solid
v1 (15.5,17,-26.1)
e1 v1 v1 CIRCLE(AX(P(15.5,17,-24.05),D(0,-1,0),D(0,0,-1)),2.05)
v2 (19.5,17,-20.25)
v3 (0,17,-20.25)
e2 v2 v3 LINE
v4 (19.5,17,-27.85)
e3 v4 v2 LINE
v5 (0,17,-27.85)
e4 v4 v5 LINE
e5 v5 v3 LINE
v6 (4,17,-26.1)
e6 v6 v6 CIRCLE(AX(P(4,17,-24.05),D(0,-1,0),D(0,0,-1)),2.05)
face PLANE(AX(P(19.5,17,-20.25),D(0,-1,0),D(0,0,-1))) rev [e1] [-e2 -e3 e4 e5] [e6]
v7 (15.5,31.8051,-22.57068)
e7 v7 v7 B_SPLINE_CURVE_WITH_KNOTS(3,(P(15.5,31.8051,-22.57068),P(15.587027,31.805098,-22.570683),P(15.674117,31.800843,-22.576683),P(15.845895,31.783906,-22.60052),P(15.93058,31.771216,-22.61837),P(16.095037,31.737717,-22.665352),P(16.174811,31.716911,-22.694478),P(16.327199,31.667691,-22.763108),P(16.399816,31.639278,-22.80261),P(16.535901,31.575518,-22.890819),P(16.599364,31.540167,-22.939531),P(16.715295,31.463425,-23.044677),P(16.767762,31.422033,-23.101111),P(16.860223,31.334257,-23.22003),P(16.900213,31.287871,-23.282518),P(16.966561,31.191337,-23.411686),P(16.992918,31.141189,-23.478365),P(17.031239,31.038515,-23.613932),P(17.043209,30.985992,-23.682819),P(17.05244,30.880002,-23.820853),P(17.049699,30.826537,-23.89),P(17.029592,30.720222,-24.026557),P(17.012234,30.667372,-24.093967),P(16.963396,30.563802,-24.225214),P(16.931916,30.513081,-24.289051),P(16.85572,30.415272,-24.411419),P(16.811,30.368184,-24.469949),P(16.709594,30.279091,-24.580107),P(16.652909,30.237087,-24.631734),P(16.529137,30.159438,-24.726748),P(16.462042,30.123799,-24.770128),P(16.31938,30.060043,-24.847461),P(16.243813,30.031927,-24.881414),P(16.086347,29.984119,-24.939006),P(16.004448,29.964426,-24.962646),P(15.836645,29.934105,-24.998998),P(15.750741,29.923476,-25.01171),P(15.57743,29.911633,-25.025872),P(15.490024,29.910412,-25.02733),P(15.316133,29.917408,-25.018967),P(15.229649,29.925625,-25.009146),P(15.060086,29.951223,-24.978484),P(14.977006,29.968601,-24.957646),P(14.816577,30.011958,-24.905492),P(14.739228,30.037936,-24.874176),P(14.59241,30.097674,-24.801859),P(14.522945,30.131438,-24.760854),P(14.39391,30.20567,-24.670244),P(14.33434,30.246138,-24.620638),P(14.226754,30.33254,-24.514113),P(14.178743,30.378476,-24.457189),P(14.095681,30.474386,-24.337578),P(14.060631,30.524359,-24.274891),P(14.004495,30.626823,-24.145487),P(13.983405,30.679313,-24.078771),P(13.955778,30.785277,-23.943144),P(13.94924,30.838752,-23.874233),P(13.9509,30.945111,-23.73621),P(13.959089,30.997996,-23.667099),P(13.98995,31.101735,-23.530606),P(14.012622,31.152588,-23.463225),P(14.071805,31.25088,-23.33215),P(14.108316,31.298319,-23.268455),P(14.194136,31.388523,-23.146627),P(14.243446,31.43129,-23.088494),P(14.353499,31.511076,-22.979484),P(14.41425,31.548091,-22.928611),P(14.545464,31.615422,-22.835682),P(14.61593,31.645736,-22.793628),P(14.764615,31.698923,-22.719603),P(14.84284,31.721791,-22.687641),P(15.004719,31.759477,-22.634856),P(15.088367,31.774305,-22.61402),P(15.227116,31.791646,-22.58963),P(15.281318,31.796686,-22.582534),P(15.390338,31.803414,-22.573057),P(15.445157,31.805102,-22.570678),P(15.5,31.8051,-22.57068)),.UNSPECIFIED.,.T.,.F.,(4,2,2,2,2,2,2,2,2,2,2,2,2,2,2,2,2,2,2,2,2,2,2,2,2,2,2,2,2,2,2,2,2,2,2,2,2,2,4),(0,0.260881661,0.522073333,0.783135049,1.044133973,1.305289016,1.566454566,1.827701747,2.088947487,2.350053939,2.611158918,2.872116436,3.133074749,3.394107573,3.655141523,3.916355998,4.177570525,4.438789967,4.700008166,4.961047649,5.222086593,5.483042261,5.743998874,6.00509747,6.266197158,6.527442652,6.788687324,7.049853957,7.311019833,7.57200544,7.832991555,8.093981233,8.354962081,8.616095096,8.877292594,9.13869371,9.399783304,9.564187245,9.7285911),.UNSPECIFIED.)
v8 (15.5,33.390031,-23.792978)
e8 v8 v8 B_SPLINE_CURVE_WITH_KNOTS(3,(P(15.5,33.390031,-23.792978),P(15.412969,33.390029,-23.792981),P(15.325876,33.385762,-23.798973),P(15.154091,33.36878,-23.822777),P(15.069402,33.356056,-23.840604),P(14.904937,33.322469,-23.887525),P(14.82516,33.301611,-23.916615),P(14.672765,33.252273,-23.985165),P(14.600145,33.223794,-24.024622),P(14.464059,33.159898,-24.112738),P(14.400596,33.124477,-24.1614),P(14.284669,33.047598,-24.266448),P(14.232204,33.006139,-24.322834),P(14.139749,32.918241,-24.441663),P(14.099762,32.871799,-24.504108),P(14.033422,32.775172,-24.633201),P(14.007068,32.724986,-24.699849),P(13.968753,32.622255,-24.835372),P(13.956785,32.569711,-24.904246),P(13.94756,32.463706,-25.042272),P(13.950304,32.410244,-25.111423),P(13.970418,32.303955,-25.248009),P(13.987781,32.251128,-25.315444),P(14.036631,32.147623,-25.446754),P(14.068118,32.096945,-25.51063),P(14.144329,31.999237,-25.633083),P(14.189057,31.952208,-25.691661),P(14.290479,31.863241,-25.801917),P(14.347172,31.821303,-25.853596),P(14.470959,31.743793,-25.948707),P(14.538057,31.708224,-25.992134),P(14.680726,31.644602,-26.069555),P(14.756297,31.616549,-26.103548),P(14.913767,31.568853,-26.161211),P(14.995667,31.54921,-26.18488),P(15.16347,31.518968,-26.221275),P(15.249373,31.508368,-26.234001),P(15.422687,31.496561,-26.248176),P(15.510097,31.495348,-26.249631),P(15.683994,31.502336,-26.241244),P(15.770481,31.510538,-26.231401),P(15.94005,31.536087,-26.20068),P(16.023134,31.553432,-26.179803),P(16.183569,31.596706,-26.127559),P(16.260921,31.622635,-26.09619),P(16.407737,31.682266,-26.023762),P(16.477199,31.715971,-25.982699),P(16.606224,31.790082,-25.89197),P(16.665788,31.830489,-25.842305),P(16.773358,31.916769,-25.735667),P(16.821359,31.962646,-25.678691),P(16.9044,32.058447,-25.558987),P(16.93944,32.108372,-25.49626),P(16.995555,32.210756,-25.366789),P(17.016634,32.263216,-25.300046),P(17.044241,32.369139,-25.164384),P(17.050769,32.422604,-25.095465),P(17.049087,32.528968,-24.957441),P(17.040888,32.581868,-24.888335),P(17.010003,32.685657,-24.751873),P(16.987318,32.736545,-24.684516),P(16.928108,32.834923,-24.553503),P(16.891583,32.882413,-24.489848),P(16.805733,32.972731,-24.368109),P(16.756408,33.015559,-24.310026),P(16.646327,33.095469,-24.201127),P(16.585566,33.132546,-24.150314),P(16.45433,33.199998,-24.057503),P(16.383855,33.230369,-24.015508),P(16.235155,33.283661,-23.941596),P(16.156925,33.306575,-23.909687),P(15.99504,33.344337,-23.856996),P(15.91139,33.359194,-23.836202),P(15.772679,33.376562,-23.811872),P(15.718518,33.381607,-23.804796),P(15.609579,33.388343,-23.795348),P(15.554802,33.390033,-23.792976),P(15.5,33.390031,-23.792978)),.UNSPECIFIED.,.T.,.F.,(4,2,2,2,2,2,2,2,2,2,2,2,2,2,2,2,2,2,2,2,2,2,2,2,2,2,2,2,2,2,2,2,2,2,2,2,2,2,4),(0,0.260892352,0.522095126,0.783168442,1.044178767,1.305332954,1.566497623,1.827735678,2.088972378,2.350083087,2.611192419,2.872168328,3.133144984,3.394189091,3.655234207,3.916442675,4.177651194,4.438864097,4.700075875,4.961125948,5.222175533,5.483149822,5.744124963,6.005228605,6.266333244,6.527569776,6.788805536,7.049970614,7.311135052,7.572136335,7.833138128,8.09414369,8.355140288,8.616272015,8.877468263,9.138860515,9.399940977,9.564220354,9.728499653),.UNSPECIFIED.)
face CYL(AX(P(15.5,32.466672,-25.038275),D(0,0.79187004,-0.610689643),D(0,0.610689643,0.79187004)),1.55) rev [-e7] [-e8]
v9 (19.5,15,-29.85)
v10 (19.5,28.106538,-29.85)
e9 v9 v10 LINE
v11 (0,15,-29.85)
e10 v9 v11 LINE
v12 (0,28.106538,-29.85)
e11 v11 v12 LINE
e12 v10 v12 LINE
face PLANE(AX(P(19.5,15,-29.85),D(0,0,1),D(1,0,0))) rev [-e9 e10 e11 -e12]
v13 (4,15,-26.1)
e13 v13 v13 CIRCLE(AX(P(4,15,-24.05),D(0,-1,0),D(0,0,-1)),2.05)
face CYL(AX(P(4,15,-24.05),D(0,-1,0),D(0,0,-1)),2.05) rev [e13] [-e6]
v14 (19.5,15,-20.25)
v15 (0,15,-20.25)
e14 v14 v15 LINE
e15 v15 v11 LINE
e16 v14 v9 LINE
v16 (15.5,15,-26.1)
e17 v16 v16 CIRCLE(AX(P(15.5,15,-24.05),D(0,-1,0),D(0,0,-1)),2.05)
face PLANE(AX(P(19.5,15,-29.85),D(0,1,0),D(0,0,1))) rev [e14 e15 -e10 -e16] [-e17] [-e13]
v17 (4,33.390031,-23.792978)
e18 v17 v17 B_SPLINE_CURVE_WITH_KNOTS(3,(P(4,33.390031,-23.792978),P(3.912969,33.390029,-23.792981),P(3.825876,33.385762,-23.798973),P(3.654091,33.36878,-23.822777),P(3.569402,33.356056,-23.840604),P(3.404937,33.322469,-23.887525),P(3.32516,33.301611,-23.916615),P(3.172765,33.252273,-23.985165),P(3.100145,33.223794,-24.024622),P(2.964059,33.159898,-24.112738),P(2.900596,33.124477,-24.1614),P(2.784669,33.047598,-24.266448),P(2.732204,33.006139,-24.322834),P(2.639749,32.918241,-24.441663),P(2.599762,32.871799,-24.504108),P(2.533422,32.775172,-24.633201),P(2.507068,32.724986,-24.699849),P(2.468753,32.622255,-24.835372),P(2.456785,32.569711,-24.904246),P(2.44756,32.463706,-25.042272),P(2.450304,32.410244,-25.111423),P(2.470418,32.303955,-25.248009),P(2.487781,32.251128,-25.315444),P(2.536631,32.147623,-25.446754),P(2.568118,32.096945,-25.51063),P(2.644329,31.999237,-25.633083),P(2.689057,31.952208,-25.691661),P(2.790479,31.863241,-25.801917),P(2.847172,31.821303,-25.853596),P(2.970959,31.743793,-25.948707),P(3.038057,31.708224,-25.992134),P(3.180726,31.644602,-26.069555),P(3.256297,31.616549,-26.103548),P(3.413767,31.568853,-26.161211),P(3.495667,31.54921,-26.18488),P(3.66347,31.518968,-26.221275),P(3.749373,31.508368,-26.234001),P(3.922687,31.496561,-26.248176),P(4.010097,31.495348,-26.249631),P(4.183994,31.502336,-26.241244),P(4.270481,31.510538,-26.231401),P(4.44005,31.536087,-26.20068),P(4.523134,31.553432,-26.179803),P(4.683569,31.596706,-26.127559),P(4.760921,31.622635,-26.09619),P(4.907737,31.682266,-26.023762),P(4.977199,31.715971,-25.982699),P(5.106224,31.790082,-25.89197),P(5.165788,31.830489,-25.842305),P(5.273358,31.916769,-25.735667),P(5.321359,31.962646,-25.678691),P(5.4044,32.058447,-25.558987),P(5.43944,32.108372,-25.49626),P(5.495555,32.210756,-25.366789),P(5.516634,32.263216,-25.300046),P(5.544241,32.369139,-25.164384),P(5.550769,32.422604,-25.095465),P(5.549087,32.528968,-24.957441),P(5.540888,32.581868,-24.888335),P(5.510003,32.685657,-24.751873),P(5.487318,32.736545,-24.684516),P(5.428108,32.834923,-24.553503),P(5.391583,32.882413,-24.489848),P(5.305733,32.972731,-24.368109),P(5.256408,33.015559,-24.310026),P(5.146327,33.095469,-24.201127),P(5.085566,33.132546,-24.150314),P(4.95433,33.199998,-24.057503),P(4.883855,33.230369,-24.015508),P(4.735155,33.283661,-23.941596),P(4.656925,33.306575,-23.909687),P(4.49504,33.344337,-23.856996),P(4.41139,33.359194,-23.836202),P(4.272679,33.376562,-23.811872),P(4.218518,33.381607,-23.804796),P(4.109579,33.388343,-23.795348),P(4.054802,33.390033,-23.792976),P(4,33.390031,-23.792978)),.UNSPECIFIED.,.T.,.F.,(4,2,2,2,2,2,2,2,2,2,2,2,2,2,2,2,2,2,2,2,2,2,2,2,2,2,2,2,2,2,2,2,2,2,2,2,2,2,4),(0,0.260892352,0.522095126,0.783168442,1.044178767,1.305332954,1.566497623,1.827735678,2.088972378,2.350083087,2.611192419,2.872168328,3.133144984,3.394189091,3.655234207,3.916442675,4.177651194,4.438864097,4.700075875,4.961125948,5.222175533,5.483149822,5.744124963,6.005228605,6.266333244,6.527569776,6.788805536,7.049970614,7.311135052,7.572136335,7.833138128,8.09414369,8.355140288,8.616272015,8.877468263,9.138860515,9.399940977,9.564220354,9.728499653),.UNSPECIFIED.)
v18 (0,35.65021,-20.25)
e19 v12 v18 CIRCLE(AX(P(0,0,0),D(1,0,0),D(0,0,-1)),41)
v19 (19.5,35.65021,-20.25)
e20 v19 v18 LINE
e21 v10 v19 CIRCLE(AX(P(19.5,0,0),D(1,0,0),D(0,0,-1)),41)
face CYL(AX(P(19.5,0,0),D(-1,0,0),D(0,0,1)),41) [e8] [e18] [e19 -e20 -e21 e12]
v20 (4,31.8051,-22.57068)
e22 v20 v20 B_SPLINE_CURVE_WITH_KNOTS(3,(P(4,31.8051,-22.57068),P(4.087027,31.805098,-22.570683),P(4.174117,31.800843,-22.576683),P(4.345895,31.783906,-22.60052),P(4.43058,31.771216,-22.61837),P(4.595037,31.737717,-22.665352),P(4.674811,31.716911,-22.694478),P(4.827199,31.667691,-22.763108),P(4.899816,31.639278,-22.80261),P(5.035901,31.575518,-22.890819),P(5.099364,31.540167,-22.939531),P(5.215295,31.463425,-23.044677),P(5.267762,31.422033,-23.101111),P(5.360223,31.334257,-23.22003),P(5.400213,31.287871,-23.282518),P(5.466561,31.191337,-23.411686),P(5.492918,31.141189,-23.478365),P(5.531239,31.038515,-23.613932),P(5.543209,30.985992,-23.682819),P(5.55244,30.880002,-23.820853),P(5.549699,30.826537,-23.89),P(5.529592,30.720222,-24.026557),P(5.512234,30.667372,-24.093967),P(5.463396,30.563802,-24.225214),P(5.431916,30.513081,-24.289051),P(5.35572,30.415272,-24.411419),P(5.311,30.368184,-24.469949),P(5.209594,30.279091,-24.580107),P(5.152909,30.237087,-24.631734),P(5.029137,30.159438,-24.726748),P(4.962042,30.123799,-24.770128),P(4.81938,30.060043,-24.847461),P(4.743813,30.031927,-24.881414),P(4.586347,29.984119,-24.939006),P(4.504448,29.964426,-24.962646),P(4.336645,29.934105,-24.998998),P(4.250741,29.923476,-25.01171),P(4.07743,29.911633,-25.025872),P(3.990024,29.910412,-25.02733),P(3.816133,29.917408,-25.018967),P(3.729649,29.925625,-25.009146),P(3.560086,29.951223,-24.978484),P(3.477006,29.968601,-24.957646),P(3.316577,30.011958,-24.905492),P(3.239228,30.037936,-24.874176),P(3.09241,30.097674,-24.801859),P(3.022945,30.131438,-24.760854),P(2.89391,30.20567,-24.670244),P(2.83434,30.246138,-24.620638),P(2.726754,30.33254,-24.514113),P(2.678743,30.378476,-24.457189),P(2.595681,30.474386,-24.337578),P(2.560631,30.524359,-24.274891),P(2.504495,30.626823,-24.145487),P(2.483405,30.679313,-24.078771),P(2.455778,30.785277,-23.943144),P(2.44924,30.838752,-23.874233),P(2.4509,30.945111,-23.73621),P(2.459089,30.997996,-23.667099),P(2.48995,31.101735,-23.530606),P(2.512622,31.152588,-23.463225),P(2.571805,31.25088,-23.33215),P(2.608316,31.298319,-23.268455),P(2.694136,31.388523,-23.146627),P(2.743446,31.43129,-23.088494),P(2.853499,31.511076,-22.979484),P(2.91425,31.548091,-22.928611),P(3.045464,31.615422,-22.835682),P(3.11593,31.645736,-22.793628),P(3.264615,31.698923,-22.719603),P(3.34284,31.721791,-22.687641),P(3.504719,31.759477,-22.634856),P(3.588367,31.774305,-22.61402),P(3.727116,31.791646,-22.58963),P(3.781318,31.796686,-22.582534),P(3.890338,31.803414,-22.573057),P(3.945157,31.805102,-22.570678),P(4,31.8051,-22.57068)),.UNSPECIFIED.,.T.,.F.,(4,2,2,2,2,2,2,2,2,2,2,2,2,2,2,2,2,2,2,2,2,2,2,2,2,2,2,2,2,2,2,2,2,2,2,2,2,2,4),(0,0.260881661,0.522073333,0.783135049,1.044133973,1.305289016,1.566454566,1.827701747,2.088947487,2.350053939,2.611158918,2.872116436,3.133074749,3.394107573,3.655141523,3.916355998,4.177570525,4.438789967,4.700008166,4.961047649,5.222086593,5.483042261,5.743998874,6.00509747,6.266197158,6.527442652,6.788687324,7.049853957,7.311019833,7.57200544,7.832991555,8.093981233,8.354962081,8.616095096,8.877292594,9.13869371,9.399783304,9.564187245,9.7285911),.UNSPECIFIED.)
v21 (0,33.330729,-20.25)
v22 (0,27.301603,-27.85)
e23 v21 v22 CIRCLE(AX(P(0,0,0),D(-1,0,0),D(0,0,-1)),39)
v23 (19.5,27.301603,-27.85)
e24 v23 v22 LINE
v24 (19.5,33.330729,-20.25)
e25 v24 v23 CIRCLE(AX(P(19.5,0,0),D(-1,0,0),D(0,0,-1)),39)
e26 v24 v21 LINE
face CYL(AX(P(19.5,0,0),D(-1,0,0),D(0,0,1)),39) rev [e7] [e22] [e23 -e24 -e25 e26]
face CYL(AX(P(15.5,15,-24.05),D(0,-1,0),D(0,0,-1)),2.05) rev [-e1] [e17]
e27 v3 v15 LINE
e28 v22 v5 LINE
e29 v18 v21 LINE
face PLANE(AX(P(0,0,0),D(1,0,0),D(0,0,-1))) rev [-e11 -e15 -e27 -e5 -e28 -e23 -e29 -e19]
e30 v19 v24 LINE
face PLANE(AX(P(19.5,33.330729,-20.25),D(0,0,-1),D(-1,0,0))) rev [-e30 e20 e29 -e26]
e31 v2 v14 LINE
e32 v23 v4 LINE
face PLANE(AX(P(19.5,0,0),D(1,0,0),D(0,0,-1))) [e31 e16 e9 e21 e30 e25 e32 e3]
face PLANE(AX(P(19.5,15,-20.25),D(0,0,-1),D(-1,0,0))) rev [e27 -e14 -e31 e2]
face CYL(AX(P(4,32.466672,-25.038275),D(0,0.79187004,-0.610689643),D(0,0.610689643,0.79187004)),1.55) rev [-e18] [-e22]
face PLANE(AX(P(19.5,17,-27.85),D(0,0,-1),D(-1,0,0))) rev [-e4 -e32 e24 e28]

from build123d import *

# Parameters (mm, degrees)
BOSS_EXTRU_1_DEPTH           = 19.5
D_GAGEMENT_M3_51_D           = 4.1
D_GAGEMENT_M3_51_DEPTH       = 2
D_GAGEMENT_M2_51_D           = 3.1
D_GAGEMENT_M2_51_ON_FACE_2_D = 3.1


with BuildPart() as part:
    # Esquisse1 → Boss.-Extru.1 (new body)
    with BuildSketch(Plane(origin=(0, 0, 0), x_dir=(0, 0, -1), z_dir=(1, 0, 0))):
        with BuildLine():
            Line((29.85, 15), (29.85, 28.106538385))
            ThreePointArc((29.85, 28.106538385), (25.332375467, 32.237722519), (20.25, 35.650210378))
            Line((20.25, 35.650210378), (20.25, 33.330729065))
            ThreePointArc((20.25, 33.330729065), (24.238194894, 30.553394382), (27.85, 27.301602517))
            Line((27.85, 27.301602517), (27.85, 17))
            Line((27.85, 17), (20.25, 17))
            Line((20.25, 17), (20.25, 15))
            Line((20.25, 15), (29.85, 15))
        make_face()
    extrude(amount=BOSS_EXTRU_1_DEPTH)

    # Dégagement M3.51
    with Locations(Plane(origin=(0, 15, 0), x_dir=(-1, 0, 0), z_dir=(0, -1, 0))):
        with Locations((-15.5, 24.05), (-4, 24.05)):
            Hole(D_GAGEMENT_M3_51_D / 2, depth=D_GAGEMENT_M3_51_DEPTH)

    # Dégagement M2.51 (through all)
    with Locations(Plane(origin=(4, 32.466671627, -25.03827537), x_dir=(0, 0.610689643, 0.79187004), z_dir=(0, 0.79187004, -0.610689643))):
        with Locations((0, 0)):
            Hole(D_GAGEMENT_M2_51_D / 2)

    # Dégagement M2.51 on face 2 (through all)
    with Locations(Plane(origin=(15.5, 32.466671627, -25.03827537), x_dir=(0, 0.610689886, 0.791869852), z_dir=(0, 0.791869852, -0.610689886))):
        with Locations((0, 0)):
            Hole(D_GAGEMENT_M2_51_ON_FACE_2_D / 2)


solid = part.part
